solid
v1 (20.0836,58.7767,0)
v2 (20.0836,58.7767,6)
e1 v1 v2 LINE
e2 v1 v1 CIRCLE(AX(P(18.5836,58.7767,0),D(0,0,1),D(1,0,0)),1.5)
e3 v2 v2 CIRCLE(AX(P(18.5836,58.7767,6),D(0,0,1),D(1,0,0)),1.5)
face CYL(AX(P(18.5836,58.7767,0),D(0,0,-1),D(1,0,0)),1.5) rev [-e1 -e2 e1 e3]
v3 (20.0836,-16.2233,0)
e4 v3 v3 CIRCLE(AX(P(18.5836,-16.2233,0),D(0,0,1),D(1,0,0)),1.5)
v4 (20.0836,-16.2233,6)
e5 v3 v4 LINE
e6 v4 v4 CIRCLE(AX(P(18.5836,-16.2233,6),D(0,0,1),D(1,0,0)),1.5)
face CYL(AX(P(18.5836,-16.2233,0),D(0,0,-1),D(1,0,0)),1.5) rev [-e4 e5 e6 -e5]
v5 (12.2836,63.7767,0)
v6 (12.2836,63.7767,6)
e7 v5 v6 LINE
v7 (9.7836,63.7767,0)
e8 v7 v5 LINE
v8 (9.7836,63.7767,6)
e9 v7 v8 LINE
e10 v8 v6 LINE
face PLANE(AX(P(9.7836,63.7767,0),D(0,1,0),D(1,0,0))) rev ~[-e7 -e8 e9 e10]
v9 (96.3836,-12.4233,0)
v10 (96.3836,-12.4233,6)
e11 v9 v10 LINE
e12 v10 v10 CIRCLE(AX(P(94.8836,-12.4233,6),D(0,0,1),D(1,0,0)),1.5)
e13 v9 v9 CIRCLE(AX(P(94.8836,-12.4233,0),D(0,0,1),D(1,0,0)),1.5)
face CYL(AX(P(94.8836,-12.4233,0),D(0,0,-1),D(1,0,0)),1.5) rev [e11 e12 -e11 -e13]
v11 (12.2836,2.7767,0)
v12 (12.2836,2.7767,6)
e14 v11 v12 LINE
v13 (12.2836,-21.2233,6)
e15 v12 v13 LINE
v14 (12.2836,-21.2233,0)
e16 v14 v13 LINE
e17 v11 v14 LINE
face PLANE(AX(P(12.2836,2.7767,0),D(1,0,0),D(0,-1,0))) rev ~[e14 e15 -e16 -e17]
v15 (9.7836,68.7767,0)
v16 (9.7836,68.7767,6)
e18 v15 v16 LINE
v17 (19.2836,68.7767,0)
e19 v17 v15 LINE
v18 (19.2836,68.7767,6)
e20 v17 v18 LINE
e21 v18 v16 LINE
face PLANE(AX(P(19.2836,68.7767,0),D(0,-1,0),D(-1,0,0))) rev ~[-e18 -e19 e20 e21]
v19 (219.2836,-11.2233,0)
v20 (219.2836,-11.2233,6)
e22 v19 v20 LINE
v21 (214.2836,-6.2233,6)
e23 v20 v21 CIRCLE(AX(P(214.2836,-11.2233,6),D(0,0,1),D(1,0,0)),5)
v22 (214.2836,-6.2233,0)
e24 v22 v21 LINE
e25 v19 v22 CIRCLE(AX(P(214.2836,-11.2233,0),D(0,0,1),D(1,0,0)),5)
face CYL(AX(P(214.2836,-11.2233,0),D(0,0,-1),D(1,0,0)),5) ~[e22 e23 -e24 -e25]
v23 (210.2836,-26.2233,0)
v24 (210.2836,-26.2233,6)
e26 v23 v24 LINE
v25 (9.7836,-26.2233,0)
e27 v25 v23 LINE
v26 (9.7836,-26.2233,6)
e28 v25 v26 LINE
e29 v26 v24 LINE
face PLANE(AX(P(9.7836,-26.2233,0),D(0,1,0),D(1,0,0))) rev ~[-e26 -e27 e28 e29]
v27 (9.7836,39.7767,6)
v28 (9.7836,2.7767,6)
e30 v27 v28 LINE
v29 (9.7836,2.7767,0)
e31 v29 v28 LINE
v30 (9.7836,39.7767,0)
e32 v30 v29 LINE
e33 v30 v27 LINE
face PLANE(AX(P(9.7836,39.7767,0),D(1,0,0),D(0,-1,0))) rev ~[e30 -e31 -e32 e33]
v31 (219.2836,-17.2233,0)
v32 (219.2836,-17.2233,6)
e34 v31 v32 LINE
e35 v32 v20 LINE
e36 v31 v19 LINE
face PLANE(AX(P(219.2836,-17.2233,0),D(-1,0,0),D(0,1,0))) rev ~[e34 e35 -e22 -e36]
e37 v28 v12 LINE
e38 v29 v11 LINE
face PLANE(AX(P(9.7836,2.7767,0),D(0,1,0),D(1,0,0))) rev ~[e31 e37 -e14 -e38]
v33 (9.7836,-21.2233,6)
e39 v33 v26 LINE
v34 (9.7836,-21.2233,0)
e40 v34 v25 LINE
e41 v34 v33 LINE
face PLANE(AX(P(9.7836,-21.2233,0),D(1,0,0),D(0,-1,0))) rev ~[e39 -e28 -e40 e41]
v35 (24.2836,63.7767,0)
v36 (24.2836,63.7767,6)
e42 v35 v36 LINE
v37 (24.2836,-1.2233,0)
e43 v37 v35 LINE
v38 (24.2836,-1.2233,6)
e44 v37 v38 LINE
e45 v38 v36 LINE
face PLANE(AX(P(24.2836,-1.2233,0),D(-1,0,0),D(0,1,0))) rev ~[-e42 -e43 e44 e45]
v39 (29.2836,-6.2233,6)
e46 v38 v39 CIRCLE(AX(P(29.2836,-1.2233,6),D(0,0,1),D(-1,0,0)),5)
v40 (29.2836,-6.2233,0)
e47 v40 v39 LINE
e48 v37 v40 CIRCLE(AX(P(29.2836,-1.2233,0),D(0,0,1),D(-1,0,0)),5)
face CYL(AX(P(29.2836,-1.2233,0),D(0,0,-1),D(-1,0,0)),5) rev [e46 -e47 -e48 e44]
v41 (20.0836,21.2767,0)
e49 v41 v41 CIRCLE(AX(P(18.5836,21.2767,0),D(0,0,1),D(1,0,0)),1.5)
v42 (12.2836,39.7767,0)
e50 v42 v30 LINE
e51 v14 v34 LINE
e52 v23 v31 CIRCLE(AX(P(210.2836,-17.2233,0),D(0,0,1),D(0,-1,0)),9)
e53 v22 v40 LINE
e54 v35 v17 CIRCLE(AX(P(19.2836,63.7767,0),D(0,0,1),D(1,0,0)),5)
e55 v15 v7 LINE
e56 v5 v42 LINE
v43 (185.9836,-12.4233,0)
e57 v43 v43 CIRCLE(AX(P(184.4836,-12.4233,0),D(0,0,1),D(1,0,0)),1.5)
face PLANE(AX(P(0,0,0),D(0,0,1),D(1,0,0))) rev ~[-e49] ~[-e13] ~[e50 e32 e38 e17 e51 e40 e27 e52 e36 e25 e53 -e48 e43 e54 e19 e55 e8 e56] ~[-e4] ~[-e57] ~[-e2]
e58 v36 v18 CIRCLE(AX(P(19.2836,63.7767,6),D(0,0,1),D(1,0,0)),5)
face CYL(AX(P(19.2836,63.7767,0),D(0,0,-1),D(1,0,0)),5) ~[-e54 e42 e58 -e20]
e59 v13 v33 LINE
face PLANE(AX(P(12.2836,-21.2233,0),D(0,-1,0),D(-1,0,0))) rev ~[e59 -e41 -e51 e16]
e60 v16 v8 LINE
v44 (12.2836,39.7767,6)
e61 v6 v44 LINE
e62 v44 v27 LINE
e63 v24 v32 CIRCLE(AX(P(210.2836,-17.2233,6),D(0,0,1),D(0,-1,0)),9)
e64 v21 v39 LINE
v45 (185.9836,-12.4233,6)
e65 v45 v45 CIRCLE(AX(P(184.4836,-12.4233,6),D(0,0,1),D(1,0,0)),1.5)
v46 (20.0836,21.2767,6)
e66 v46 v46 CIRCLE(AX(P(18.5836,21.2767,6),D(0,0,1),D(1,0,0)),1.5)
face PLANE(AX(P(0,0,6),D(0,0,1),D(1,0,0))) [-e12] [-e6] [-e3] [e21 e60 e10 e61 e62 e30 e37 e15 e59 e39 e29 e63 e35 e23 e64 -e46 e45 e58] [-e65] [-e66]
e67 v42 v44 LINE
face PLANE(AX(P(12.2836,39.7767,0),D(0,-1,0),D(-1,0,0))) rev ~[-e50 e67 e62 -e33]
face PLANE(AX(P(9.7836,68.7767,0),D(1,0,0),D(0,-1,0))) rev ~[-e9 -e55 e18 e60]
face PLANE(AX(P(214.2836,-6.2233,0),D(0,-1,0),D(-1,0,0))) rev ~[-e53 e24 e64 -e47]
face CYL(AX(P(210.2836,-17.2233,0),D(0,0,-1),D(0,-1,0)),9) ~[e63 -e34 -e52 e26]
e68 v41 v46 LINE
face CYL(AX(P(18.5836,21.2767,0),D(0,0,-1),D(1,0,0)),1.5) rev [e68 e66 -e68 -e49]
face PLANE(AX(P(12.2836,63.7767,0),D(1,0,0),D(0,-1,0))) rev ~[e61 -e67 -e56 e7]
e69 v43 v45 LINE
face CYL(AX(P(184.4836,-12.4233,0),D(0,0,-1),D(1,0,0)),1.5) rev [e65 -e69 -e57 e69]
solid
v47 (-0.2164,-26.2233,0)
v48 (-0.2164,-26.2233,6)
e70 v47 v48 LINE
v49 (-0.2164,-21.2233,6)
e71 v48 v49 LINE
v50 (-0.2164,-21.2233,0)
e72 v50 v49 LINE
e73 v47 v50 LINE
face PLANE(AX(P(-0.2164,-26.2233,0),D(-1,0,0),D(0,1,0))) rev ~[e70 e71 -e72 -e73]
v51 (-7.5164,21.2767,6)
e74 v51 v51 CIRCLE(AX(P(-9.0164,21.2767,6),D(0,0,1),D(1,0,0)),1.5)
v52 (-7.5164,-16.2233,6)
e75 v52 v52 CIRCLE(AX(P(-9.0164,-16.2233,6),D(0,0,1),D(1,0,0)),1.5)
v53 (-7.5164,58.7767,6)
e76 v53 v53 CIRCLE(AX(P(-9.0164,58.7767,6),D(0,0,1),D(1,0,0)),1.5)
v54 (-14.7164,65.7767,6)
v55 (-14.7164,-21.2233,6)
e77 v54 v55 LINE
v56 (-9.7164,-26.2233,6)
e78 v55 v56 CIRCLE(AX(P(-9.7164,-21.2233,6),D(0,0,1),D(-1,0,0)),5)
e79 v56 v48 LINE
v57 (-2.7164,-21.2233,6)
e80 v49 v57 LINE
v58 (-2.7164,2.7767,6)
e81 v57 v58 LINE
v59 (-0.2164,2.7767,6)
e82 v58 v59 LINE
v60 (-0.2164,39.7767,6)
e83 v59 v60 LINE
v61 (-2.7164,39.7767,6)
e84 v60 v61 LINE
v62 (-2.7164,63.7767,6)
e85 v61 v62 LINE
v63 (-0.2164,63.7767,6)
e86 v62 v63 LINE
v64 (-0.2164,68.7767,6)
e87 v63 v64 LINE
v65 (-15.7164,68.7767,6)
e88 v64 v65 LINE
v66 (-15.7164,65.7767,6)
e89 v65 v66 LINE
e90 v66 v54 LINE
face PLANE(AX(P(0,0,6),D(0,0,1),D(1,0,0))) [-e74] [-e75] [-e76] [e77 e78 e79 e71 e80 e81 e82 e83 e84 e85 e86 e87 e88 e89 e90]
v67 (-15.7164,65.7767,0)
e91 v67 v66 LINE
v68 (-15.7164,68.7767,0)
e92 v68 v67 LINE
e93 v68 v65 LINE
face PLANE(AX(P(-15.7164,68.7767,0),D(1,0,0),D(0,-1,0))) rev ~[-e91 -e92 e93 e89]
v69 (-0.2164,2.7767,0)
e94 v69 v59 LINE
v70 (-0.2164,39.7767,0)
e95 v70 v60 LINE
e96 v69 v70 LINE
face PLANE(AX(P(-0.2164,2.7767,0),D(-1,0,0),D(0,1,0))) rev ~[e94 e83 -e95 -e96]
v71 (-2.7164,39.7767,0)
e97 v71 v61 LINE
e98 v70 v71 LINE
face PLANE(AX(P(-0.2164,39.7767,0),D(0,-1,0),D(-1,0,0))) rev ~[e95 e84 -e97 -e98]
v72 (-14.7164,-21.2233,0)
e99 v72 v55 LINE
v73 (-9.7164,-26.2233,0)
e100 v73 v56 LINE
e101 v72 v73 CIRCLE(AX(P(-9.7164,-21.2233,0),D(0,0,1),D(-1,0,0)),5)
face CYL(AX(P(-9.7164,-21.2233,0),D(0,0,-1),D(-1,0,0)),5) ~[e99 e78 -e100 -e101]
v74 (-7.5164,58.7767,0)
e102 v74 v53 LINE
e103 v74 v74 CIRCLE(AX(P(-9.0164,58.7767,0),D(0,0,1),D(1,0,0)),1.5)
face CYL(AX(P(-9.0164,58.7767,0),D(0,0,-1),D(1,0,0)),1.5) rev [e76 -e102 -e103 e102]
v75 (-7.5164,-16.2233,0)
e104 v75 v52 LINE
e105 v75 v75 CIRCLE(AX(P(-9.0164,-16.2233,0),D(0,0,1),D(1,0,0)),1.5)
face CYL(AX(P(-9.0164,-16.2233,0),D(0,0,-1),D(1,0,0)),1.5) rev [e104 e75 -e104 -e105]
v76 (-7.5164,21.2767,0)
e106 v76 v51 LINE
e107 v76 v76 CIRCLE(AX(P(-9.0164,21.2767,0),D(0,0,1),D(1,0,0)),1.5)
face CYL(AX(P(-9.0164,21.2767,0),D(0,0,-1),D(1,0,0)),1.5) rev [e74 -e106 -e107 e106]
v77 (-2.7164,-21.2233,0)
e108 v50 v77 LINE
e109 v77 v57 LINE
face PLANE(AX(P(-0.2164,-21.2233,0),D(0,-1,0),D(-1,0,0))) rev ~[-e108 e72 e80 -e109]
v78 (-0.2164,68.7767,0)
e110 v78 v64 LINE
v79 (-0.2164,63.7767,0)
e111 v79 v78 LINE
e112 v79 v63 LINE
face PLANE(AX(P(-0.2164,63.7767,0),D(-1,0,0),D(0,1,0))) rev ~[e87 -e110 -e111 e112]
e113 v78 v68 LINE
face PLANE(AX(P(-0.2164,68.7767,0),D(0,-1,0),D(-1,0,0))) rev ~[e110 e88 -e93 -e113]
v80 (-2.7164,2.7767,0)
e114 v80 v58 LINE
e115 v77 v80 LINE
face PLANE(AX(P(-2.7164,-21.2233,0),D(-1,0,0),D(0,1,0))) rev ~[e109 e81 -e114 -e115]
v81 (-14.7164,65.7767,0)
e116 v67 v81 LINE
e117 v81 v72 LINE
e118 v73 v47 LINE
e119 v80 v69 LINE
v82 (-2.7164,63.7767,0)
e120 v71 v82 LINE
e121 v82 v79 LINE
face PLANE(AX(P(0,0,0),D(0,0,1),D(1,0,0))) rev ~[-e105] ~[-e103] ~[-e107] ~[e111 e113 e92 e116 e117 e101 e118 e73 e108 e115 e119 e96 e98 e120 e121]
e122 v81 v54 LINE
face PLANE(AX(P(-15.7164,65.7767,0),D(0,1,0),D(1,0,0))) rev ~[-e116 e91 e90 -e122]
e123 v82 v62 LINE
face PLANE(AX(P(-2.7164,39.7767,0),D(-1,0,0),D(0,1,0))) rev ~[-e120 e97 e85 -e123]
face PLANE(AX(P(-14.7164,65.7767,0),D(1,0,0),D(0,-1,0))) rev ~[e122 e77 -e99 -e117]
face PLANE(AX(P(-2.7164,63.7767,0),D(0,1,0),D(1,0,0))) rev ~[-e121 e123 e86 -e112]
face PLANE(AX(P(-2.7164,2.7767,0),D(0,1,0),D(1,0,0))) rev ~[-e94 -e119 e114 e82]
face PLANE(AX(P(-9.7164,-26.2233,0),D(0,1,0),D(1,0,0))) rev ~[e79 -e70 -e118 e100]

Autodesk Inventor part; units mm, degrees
ref_plane "YZ Plane" through (0, 0, 0) normal (1, 0, 0) x (0, 1, 0)
ref_plane "XZ Plane" through (0, 0, 0) normal (0, 1, 0) x (-1, 0, 0)
ref_plane "XY Plane" through (0, 0, 0) normal (0, 0, 1) x (1, 0, 0)
sketch "Sketch1" plane through (0, 0, 0) normal (0, 0, 1) x (1, 0, 0)
  arc A0 (210.2836, -26.2233) -> (219.2836, -17.2233) centre (210.2836, -17.2233) ccw
  line L0 (219.2836, -17.2233) -> (219.2836, -11.2233)
  arc A1 (219.2836, -11.2233) -> (214.2836, -6.2233) centre (214.2836, -11.2233) ccw
  line L1 (214.2836, -6.2233) -> (29.2836, -6.2233)
  arc A2 (24.2836, -1.2233) -> (29.2836, -6.2233) centre (29.2836, -1.2233) ccw
  line L2 (24.2836, -1.2233) -> (24.2836, 63.7767)
  arc A3 (24.2836, 63.7767) -> (19.2836, 68.7767) centre (19.2836, 63.7767) ccw
  line L3 (19.2836, 68.7767) -> (9.7836, 68.7767)
  line L4 (9.7836, 68.7767) -> (9.7836, 63.7767)
  line L5 (9.7836, 63.7767) -> (12.2836, 63.7767)
  line L6 (12.2836, 63.7767) -> (12.2836, 39.7767)
  line L7 (12.2836, 39.7767) -> (9.7836, 39.7767)
  line L8 (9.7836, 39.7767) -> (9.7836, 2.7767)
  line L9 (9.7836, 2.7767) -> (12.2836, 2.7767)
  line L10 (12.2836, 2.7767) -> (12.2836, -21.2233)
  line L11 (12.2836, -21.2233) -> (9.7836, -21.2233)
  line L12 (9.7836, -21.2233) -> (9.7836, -26.2233)
  line L13 (9.7836, -26.2233) -> (210.2836, -26.2233)
  circle A4 centre (18.5836, 58.7767) radius 1.5
  circle A5 centre (184.4836, -12.4233) radius 1.5
  circle A6 centre (94.8836, -12.4233) radius 1.5
  circle A7 centre (18.5836, -16.2233) radius 1.5
  circle A8 centre (18.5836, 21.2767) radius 1.5
  arc A9 (-14.7164, -21.2233) -> (-9.7164, -26.2233) centre (-9.7164, -21.2233) ccw
  line L14 (-9.7164, -26.2233) -> (-0.2164, -26.2233)
  line L15 (-0.2164, -26.2233) -> (-0.2164, -21.2233)
  line L16 (-0.2164, -21.2233) -> (-2.7164, -21.2233)
  line L17 (-2.7164, -21.2233) -> (-2.7164, 2.7767)
  line L18 (-2.7164, 2.7767) -> (-0.2164, 2.7767)
  line L19 (-0.2164, 2.7767) -> (-0.2164, 39.7767)
  line L20 (-0.2164, 39.7767) -> (-2.7164, 39.7767)
  line L21 (-2.7164, 39.7767) -> (-2.7164, 63.7767)
  line L22 (-2.7164, 63.7767) -> (-0.2164, 63.7767)
  line L23 (-0.2164, 63.7767) -> (-0.2164, 68.7767)
  line L24 (-0.2164, 68.7767) -> (-15.7164, 68.7767)
  line L25 (-15.7164, 68.7767) -> (-15.7164, 65.7767)
  line L26 (-15.7164, 65.7767) -> (-14.7164, 65.7767)
  line L27 (-14.7164, 65.7767) -> (-14.7164, -21.2233)
  circle A10 centre (-9.0164, 21.2767) radius 1.5
  circle A11 centre (-9.0164, -16.2233) radius 1.5
  circle A12 centre (-9.0164, 58.7767) radius 1.5
  point P0 (0, 0)
  point P1 (0, 0)
extrude "Extrusion1" add sketch "Sketch1" along normal blind 6
properties part number "zCar_b"
